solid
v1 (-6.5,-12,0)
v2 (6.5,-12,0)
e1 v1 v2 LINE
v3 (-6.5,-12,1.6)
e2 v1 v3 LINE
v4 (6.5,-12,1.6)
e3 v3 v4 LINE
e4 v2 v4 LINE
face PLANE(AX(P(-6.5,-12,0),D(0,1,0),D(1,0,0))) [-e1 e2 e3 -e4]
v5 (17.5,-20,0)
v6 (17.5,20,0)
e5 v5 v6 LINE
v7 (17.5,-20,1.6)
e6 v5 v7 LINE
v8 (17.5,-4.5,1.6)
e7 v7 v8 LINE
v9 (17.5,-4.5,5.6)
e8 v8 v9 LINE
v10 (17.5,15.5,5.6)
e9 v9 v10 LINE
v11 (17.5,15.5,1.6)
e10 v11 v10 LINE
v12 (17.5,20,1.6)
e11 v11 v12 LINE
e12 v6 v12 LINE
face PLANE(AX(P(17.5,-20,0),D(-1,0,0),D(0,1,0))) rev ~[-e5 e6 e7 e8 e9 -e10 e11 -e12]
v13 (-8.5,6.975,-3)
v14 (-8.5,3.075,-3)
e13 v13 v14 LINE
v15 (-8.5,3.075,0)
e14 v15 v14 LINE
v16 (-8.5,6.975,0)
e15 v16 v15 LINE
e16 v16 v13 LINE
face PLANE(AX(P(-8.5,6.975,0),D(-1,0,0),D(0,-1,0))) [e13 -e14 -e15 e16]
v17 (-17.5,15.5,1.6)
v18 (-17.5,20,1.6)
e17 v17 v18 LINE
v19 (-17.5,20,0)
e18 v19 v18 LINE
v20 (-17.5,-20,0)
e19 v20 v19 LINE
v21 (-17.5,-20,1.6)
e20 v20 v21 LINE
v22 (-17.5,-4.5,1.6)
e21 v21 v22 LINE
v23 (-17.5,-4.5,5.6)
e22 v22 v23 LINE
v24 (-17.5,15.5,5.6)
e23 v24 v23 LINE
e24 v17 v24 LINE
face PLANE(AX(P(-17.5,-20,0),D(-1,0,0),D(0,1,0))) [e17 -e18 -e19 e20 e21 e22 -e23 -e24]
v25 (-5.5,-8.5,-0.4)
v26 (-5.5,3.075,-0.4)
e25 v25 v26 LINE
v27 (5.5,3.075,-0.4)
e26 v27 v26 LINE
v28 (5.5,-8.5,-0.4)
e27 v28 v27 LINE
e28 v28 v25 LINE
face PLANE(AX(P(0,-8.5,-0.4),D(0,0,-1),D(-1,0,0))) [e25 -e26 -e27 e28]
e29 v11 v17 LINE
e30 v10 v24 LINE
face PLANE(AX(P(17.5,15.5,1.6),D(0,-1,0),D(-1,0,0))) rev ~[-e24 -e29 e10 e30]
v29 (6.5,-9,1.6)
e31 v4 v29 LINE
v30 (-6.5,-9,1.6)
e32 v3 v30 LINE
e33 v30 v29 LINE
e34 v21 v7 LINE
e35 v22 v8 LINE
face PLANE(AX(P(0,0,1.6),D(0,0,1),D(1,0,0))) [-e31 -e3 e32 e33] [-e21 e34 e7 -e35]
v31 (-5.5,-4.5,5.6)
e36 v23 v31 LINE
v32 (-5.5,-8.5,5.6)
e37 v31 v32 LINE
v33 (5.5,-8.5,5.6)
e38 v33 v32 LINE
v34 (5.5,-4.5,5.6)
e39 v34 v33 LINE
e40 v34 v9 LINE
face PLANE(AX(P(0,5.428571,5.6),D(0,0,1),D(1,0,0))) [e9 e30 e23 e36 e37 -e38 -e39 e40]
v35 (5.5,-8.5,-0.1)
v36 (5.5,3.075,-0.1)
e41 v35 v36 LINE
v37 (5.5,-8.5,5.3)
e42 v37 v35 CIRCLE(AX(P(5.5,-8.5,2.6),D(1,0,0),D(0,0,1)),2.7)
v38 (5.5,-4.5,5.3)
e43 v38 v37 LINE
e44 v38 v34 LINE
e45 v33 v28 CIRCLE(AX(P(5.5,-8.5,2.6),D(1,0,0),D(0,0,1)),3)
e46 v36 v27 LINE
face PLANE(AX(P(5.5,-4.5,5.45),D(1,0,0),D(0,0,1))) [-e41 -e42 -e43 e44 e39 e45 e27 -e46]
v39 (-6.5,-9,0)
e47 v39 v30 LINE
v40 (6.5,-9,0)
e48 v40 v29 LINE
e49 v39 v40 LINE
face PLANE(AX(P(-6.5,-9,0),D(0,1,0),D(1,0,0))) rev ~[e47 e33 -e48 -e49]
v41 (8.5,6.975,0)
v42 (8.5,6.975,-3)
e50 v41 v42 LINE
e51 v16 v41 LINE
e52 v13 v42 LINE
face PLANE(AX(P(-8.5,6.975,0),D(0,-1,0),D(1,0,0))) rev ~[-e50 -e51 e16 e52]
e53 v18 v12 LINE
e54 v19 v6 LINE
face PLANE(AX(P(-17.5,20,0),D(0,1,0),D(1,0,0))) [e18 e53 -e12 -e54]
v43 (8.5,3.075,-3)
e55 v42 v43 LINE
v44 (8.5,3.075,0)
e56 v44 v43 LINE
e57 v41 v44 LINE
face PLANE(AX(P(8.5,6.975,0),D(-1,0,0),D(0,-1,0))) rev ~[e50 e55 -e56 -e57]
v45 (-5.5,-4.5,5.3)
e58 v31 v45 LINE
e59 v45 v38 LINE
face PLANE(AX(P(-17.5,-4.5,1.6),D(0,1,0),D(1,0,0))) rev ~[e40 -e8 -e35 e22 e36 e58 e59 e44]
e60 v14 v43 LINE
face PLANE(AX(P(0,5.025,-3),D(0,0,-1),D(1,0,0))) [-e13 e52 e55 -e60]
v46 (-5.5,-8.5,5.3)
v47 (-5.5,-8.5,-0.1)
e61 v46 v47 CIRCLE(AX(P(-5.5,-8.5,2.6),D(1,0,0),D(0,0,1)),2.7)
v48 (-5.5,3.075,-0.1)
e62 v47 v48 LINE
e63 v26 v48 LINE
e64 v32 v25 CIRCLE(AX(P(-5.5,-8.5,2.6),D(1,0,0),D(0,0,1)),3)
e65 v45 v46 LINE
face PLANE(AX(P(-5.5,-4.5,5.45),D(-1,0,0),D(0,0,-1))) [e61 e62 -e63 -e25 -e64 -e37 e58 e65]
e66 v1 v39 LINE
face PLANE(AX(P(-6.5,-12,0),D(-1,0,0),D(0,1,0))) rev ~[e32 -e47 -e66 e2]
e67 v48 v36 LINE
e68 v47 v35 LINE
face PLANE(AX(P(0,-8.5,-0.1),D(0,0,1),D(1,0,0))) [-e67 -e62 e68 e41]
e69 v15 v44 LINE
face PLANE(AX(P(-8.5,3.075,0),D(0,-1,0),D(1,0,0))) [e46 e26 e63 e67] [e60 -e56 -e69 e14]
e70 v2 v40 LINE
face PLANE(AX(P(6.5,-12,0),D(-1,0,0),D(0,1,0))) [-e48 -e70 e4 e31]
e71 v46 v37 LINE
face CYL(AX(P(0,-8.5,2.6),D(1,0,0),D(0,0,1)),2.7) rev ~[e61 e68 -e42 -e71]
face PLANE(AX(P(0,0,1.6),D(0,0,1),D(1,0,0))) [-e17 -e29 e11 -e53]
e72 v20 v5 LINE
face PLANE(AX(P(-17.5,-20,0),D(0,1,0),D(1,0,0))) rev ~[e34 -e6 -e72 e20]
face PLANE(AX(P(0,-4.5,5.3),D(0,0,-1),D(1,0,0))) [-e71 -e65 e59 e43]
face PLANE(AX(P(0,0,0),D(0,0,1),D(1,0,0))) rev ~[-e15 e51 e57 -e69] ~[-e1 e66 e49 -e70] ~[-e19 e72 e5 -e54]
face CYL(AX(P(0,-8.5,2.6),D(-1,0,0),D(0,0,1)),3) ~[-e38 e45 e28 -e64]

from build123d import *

# Parameters (mm, degrees)
F0_W     = 35
F0_H     = 40
F0_W_2   = 13
F0_H_2   = 3
F1_DEPTH = 1.6
F2_W     = 11
F2_H     = 1
F3_DEPTH = 4
F5_W     = 11
F5_H     = 0.3
F7_W     = 17
F7_H     = 3.9
F8_DEPTH = 3


with BuildPart() as f1:
    # F0 (on Top) → F1 (new body)
    with BuildSketch(Plane.XY):
        Rectangle(F0_W, F0_H)
        with Locations((0, -10.5)):
            Rectangle(F0_W_2, F0_H_2, mode=Mode.SUBTRACT)
    extrude(amount=F1_DEPTH)

    # F2 (on face) → F3 (join)
    with BuildSketch(Plane.XY.offset(1.6)):
        Polygon((17.5, 15.5), (-17.5, 15.5), (-17.5, -4.5), (-5.5, -4.5), (-5.5, -3.5), (5.5, -3.5), (5.5, -4.5), (17.5, -4.5), align=None)
        with Locations((0, -4)):
            Rectangle(F2_W, F2_H)
    extrude(amount=F3_DEPTH)

    # F6: sweep along a path in F4
    with BuildLine(Plane.YZ) as f6_path:
        Line((-4.5, 5.6), (-8.5, 5.6))
        ThreePointArc((-8.5, 5.6), (-11.5, 2.6), (-8.5, -0.4))
        Line((-8.5, -0.4), (6.975, -0.4))
    # F5 (on face) → F6 (sweep)
    with BuildSketch(Plane.XZ.offset(4.5)):
        with Locations((0, 5.45)):
            Rectangle(F5_W, F5_H)
    sweep(path=f6_path.line)

    # F7 (on face) → F8 (join)
    with BuildSketch(Plane(origin=(0, 0, 0), x_dir=(1, 0, 0), z_dir=(0, 0, -1))):
        with Locations((0, -5.025)):
            Rectangle(F7_W, F7_H)
    extrude(amount=F8_DEPTH)


solid = f1.part
